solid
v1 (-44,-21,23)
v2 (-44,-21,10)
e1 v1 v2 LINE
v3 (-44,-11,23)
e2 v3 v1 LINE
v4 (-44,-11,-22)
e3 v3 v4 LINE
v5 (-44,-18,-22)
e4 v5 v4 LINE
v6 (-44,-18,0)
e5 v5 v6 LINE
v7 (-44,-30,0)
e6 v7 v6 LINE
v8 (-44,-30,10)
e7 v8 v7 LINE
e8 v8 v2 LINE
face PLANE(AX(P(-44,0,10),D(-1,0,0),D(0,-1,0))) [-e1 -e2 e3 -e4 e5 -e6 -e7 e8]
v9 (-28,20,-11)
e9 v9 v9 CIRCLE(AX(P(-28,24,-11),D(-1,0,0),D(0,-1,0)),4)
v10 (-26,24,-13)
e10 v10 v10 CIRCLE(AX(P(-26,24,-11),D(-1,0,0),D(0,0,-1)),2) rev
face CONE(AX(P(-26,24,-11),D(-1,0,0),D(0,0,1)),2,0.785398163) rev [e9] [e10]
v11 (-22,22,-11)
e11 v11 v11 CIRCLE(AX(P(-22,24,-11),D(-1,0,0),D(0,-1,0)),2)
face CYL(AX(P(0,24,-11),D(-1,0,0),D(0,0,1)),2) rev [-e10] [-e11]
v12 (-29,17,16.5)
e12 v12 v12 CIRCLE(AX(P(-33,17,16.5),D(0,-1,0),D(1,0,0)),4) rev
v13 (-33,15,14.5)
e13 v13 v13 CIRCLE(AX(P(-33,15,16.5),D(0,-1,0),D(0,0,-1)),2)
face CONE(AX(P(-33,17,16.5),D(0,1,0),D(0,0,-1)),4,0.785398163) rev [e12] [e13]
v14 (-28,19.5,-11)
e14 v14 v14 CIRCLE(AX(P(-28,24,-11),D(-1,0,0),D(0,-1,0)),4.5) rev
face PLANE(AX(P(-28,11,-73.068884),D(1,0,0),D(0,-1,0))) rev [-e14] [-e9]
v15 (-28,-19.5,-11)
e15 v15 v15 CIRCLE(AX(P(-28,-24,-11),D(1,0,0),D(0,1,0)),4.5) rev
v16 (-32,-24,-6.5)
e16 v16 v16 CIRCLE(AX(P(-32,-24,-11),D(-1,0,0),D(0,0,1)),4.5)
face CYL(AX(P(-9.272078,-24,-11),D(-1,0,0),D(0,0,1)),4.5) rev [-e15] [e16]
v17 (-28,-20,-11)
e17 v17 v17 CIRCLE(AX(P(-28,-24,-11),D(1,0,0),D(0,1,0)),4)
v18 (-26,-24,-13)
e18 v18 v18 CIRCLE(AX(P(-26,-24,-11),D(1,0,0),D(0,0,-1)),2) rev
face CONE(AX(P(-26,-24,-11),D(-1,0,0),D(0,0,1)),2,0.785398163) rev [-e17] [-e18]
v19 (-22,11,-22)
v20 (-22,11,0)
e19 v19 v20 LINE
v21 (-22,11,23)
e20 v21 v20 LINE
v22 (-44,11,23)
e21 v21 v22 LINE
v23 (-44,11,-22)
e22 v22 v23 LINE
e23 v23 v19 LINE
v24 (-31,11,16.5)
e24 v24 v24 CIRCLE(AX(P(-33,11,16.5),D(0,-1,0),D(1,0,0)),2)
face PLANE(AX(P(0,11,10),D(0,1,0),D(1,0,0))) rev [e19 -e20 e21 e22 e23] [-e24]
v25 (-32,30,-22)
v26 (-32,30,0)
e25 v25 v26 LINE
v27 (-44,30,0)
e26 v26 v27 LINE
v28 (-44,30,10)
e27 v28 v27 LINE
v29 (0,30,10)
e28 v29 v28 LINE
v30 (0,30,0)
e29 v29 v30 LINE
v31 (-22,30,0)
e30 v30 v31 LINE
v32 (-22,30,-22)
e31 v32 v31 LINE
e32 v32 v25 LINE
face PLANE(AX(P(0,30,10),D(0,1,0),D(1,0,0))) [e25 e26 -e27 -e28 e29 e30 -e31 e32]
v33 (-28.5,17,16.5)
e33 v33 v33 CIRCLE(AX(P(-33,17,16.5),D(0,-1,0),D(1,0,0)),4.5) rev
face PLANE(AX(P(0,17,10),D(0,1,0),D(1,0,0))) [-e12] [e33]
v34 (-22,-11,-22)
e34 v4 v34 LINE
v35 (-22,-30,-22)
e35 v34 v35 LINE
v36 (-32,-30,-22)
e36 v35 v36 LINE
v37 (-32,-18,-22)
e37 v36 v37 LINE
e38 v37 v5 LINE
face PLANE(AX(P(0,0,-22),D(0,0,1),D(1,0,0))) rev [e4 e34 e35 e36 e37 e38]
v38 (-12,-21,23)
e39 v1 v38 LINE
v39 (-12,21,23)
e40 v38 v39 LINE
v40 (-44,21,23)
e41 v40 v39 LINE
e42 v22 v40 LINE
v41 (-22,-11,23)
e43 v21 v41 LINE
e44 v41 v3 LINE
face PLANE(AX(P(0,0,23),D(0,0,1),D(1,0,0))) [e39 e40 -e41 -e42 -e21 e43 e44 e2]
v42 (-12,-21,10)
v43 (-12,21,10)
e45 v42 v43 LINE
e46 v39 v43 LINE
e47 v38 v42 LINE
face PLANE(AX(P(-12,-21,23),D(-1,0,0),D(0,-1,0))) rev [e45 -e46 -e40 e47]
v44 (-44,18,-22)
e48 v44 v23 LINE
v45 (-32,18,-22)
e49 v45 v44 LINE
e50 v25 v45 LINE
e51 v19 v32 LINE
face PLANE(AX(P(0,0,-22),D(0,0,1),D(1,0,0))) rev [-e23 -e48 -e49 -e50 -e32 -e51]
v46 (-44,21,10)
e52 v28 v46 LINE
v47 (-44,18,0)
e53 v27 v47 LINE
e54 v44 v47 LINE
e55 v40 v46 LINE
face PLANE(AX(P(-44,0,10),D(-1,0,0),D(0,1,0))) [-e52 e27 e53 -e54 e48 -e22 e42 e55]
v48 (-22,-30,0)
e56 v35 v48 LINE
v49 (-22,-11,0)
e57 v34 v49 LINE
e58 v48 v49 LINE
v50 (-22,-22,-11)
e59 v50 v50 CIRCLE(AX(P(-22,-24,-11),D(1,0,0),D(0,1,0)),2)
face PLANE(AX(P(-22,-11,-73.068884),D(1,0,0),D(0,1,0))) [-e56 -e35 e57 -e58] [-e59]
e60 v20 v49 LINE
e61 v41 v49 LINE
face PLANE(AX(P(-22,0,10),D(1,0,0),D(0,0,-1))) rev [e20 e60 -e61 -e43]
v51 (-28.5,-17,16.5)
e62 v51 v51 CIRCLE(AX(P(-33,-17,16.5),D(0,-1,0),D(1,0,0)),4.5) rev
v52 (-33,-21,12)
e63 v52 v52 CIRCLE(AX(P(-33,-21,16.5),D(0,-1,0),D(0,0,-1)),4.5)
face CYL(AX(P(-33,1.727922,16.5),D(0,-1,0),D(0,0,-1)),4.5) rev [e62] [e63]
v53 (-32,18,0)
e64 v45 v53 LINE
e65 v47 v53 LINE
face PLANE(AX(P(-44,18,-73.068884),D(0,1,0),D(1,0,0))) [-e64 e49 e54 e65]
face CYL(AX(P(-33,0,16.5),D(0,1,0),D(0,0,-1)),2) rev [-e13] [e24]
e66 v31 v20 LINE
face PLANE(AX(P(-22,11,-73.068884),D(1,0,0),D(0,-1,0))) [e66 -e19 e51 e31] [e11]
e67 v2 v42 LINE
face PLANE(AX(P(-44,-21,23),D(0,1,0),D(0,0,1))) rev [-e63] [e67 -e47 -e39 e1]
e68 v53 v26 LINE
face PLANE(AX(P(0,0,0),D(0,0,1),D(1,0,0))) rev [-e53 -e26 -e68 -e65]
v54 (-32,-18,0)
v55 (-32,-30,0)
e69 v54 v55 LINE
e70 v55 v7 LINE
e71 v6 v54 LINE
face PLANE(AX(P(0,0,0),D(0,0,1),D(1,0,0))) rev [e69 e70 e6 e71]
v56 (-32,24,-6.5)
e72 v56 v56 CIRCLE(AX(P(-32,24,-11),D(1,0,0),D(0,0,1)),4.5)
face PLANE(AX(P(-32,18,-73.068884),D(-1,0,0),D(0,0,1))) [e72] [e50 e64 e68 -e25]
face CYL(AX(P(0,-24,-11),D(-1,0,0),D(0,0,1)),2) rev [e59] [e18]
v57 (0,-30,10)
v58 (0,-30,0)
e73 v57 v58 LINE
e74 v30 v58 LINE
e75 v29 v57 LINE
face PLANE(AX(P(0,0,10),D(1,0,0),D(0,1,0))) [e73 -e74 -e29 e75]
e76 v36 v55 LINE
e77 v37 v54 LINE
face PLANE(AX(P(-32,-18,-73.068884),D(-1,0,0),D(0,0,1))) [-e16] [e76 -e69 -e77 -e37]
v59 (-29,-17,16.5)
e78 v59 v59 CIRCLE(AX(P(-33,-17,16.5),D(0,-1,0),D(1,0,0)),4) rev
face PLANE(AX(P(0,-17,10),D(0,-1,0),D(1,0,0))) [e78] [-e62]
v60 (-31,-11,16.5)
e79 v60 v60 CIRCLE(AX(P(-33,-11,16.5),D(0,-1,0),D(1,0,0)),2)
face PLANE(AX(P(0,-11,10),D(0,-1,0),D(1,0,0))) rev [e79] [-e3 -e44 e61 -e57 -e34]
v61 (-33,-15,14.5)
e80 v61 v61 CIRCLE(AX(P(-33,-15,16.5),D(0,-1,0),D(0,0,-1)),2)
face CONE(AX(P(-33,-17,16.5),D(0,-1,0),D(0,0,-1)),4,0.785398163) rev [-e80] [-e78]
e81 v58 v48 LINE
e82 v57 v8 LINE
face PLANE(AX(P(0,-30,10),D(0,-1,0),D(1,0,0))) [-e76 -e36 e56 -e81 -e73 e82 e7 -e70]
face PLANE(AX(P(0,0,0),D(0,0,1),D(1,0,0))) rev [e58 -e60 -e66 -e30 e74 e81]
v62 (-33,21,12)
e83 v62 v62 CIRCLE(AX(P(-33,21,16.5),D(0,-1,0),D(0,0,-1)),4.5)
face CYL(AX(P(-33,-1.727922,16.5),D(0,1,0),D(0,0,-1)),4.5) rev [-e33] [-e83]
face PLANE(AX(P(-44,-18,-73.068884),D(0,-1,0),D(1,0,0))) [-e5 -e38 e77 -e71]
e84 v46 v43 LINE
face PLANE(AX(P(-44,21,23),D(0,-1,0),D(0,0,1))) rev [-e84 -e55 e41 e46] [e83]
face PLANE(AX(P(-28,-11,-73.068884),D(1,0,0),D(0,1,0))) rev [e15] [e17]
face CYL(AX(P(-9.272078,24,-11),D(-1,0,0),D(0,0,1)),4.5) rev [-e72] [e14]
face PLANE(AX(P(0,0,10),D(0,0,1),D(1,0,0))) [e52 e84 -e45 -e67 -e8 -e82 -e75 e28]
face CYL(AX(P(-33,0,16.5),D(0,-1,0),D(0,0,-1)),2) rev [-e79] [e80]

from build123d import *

# Parameters (mm, degrees)
BOSS_EXTRUDE1_DEPTH = 10
BOSS_EXTRUDE2_DEPTH = 32
BOSS_EXTRUDE3_DEPTH = 13
SKETCH4_R           = 2
CUT_EXTRUDE1_DEPTH  = 54.907327888
SKETCH5_R           = 2
CUT_EXTRUDE2_DEPTH  = 50.527769988
SKETCH6_R           = 4.5
CUT_EXTRUDE3_DEPTH  = 4
SKETCH7_R           = 4.5
CUT_EXTRUDE4_DEPTH  = 4
CHAMFER2_SIZE       = 2


with BuildPart() as part:
    # Sketch1 → Boss-Extrude1 (new body)
    with BuildSketch(Plane.XY):
        Polygon((0, 0), (0, -30), (-44, -30), (-44, -11), (-22, -11), (-22, 0), align=None)
    extrude(amount=BOSS_EXTRUDE1_DEPTH)

    # Sketch2 → Boss-Extrude2 (add)
    with BuildSketch(Plane.XY.offset(10)):
        Polygon((-44, -11), (-22, -11), (-22, -30), (-32, -30), (-32, -18), (-44, -18), align=None)
    extrude(amount=-BOSS_EXTRUDE2_DEPTH)

    # Sketch3 → Boss-Extrude3 (add)
    with BuildSketch(Plane.XY.offset(10)):
        Polygon((-44, -11), (-22, -11), (-22, 0), (-12, 0), (-12, -21), (-44, -21), align=None)
    extrude(amount=BOSS_EXTRUDE3_DEPTH)

    # Sketch4 → Cut-Extrude1 (cut, through all)
    with BuildSketch(Plane.XZ.offset(21)):
        with Locations(Location((-33, 16.5, 0), (0, 0, 270))):
            Circle(SKETCH4_R)
    extrude(amount=-CUT_EXTRUDE1_DEPTH, mode=Mode.SUBTRACT)

    # Sketch5 → Cut-Extrude2 (cut, through all)
    with BuildSketch(Plane.ZY.offset(32)):
        with Locations((-11, -24)):
            Circle(SKETCH5_R)
    extrude(amount=-CUT_EXTRUDE2_DEPTH, mode=Mode.SUBTRACT)

    # Sketch6 → Cut-Extrude3 (cut)
    with BuildSketch(Plane.ZY.offset(32)):
        with Locations((-11, -24)):
            Circle(SKETCH6_R)
    extrude(amount=-CUT_EXTRUDE3_DEPTH, mode=Mode.SUBTRACT)

    # Sketch7 → Cut-Extrude4 (cut)
    with BuildSketch(Plane.XZ.offset(21)):
        with Locations(Location((-33, 16.5, 0), (0, 0, 270))):
            Circle(SKETCH7_R)
    extrude(amount=-CUT_EXTRUDE4_DEPTH, mode=Mode.SUBTRACT)

    # Chamfer2
    chamfer2_edges = [part.edges().sort_by_distance(p)[0] for p in [
        (-28, -24, -13),
        (-33, -17, 18.5),
    ]]
    chamfer(chamfer2_edges, length=CHAMFER2_SIZE)

    # Mirror1: part across plane


with BuildPart() as part_1:
    add(part.part)
    add(part.part.mirror(Plane(origin=(0, 0, 10), x_dir=(0, 0, 1), z_dir=(0, -1, 0))))


solid = part_1.part
